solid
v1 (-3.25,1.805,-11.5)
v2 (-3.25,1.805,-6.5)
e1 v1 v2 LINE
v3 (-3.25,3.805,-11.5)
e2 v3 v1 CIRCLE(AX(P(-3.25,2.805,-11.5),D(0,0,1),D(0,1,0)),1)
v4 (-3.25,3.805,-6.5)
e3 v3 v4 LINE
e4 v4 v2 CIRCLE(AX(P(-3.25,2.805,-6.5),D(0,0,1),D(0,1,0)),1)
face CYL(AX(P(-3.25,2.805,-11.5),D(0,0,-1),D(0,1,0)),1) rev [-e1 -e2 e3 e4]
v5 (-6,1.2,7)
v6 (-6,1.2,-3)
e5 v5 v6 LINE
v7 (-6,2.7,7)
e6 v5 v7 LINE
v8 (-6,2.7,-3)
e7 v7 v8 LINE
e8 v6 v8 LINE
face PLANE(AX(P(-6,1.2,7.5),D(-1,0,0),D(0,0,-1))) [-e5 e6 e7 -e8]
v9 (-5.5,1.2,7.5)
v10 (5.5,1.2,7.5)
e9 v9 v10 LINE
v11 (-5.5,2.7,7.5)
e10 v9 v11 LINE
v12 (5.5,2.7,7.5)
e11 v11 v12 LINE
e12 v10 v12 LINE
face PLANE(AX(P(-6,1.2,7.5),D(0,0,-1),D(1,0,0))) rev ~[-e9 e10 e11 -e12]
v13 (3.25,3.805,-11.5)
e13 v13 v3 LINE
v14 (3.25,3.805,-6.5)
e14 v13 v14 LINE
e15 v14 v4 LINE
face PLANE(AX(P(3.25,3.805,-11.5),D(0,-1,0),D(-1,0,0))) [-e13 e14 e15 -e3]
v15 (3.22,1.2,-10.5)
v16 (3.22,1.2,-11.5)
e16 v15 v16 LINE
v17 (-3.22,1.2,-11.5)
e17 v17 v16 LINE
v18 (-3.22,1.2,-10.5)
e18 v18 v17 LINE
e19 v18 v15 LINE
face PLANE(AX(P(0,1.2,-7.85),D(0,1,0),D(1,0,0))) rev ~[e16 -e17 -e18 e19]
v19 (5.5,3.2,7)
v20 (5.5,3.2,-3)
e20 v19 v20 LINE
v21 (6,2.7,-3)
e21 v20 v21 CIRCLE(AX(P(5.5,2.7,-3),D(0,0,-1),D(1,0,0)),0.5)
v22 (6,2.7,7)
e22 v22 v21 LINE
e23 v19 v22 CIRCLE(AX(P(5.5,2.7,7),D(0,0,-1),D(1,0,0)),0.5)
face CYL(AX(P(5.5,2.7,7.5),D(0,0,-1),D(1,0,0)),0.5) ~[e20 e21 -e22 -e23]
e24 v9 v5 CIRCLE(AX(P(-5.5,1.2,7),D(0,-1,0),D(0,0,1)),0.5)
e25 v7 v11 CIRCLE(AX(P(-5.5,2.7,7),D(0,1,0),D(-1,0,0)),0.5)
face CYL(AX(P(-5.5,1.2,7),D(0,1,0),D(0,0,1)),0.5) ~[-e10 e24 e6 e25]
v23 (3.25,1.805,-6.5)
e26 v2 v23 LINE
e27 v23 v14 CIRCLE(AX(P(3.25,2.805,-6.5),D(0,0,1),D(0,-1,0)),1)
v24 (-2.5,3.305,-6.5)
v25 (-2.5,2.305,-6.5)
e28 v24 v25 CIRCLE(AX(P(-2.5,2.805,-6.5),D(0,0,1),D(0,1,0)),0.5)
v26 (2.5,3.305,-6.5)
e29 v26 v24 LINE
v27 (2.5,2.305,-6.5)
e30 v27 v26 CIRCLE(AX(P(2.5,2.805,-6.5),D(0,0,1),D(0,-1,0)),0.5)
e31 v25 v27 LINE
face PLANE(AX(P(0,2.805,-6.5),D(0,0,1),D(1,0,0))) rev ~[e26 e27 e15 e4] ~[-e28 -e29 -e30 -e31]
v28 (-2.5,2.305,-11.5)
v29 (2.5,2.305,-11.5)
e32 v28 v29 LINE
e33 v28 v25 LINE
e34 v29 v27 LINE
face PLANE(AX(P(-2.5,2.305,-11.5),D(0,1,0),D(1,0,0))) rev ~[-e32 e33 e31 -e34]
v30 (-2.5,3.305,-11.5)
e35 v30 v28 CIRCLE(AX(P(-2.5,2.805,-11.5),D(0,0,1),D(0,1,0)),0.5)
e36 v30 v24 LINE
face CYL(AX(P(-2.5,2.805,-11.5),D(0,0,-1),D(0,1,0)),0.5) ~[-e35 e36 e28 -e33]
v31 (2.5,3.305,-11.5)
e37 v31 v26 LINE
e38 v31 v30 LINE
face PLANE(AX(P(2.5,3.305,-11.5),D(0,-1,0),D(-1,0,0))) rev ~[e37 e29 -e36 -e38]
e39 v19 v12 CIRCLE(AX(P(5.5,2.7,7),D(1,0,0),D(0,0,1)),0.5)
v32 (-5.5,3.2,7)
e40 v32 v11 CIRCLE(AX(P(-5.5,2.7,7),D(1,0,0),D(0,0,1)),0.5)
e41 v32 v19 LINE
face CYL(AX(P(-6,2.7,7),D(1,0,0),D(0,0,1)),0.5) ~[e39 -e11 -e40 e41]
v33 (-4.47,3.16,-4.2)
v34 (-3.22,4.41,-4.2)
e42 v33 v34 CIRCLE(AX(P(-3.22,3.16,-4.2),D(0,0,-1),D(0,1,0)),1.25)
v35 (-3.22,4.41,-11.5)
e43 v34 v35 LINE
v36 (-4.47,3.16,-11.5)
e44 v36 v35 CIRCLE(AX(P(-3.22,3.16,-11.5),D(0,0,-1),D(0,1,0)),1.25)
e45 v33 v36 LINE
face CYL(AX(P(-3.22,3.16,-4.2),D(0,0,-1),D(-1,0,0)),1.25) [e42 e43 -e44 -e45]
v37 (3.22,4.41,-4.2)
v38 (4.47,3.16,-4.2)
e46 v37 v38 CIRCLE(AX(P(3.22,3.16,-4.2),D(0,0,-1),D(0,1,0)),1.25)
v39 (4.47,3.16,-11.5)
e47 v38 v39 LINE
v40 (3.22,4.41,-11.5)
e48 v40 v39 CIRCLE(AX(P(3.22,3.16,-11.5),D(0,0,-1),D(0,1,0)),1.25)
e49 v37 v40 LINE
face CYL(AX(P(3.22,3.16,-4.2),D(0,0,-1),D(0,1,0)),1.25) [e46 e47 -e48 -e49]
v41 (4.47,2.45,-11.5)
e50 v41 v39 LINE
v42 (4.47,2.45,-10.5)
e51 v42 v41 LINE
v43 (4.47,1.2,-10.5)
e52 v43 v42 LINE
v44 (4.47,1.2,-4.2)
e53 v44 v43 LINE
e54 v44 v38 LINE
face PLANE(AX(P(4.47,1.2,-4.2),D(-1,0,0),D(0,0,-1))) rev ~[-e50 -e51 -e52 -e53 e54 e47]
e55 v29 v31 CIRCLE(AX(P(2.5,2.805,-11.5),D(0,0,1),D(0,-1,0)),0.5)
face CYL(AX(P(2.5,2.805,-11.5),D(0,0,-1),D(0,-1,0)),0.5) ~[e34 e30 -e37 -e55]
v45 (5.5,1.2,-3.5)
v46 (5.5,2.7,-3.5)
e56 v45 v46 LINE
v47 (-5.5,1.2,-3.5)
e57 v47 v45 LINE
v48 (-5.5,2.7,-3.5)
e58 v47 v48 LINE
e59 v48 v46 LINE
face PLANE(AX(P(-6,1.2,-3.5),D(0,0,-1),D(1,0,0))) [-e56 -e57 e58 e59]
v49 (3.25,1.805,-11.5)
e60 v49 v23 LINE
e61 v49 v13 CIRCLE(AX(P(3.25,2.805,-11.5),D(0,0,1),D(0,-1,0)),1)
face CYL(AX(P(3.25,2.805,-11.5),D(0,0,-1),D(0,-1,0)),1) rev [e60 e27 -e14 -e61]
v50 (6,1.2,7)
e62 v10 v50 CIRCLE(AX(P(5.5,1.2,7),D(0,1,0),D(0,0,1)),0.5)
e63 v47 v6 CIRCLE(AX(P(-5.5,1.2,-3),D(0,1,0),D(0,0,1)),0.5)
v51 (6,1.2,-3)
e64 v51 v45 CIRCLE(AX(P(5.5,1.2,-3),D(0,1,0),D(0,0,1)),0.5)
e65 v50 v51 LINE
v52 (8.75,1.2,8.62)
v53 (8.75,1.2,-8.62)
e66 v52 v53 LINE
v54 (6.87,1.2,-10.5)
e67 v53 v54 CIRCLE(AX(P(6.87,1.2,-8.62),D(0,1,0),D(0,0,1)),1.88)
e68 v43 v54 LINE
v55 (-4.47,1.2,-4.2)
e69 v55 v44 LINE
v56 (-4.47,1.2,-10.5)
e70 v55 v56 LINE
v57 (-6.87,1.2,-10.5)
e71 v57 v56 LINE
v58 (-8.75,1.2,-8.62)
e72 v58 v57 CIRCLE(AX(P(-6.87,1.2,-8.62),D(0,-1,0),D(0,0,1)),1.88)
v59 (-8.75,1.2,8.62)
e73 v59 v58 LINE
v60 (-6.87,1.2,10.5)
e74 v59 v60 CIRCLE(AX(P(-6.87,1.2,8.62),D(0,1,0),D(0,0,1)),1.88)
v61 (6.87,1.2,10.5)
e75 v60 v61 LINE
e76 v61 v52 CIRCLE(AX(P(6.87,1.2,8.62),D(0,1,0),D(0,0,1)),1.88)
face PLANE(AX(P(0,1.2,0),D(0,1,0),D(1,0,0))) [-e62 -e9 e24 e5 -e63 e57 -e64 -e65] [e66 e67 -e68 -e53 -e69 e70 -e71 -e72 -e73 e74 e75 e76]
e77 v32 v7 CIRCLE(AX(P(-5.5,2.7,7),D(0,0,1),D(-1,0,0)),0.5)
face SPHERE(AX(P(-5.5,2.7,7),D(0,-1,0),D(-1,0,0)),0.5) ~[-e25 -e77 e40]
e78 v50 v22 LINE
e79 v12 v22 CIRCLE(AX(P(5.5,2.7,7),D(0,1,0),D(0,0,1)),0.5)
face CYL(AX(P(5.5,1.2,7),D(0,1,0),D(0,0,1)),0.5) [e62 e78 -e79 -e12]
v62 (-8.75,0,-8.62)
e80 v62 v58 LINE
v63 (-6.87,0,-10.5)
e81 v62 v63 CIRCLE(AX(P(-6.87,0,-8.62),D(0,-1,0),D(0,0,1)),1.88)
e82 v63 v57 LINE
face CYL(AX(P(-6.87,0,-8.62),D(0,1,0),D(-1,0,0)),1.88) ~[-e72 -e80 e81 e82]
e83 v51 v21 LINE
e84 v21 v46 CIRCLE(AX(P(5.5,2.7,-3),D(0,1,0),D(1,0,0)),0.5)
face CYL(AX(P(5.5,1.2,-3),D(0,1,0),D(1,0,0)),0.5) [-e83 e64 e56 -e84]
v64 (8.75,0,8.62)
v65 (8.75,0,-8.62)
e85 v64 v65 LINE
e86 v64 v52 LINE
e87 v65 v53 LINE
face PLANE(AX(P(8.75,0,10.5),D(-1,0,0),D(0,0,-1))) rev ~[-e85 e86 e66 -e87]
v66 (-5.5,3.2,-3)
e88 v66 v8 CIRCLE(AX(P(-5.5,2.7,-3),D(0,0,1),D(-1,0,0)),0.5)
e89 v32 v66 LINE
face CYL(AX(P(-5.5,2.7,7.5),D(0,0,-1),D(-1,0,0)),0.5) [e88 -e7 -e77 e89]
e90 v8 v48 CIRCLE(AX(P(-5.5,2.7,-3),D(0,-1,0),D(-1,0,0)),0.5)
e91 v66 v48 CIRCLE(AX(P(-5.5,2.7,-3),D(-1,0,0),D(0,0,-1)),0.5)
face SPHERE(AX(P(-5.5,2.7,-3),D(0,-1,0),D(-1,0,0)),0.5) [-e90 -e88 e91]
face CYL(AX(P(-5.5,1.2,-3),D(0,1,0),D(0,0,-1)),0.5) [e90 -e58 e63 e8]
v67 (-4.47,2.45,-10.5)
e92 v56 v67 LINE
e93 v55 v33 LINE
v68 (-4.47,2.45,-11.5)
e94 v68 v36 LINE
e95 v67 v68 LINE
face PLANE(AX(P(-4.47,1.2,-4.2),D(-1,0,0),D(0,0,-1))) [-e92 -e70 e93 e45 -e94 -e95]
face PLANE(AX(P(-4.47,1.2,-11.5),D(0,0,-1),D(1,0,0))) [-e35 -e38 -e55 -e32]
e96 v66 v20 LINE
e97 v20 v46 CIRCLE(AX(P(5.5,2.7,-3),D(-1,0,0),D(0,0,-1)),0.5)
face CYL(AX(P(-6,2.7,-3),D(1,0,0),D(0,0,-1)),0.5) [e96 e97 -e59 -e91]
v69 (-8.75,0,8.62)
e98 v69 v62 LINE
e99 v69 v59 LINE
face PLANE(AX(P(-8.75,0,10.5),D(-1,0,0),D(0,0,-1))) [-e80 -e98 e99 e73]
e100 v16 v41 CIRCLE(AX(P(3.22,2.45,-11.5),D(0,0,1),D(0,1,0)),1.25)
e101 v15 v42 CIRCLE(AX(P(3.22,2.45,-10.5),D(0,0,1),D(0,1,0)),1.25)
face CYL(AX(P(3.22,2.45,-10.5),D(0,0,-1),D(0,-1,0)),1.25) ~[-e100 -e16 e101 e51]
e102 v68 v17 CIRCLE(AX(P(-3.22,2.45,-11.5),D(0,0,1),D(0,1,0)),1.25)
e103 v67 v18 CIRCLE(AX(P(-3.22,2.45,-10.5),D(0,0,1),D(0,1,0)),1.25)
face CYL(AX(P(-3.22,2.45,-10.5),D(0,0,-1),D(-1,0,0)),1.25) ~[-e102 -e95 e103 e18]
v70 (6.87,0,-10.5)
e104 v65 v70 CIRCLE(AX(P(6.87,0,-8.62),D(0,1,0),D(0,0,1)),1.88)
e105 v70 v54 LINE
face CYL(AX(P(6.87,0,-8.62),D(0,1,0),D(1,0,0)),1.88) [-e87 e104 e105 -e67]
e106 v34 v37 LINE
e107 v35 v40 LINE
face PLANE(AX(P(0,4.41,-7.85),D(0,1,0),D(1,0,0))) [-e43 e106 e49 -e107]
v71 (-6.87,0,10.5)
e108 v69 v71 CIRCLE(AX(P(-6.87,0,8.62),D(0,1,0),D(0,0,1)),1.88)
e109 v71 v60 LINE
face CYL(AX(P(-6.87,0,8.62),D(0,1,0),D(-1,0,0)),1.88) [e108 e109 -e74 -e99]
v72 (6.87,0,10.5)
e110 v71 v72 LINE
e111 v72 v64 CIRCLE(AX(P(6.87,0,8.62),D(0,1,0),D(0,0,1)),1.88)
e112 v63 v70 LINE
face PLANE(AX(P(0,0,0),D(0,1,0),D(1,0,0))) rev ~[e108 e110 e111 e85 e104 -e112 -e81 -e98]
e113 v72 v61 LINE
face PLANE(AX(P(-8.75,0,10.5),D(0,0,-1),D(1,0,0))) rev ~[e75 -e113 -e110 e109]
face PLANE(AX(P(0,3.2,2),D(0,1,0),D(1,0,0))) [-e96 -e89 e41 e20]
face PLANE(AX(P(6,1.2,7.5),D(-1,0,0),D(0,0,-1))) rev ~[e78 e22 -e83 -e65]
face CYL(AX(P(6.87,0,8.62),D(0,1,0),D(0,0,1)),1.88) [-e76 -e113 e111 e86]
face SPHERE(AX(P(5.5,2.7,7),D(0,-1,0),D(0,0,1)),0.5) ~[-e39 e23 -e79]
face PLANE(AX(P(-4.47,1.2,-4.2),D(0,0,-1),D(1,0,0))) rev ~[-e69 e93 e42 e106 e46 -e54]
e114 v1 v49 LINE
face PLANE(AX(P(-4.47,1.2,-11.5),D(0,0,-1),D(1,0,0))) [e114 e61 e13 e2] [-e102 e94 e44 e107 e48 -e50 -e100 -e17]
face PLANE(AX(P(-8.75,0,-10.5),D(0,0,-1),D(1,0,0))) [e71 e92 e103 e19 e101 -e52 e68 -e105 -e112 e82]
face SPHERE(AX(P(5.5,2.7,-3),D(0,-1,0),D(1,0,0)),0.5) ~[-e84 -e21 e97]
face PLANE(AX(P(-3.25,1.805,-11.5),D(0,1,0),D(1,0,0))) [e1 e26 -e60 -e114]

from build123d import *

# Parameters (mm, degrees)
SKETCH1_W           = 17.5
SKETCH1_H           = 21
BOSS_EXTRUDE1_DEPTH = 1.2
FILLET1_R           = 1.88
SKETCH2_W           = 12
SKETCH2_H           = 11
BOSS_EXTRUDE2_DEPTH = 2
FILLET2_R           = 0.5
SKETCH3_W           = 8.94
SKETCH3_H           = 7.3
BOSS_EXTRUDE3_DEPTH = 3.21
FILLET3_R           = 1.25
CUT_EXTRUDE1_DEPTH  = 5


with BuildPart() as part:
    # Sketch1 → Boss-Extrude1 (new body)
    with BuildSketch(Plane(origin=(0, 0, 0), x_dir=(1, 0, 0), z_dir=(0, 1, 0))):
        Rectangle(SKETCH1_W, SKETCH1_H)
    extrude(amount=BOSS_EXTRUDE1_DEPTH)

    # Fillet1
    fillet1_edges = [part.edges().sort_by_distance(p)[0] for p in [
        (-8.75, 0.6, -10.5),
        (8.75, 0.6, -10.5),
        (8.75, 0.6, 10.5),
        (-8.75, 0.6, 10.5),
    ]]
    fillet(fillet1_edges, radius=FILLET1_R)

    # Sketch2 → Boss-Extrude2 (add)
    with BuildSketch(Plane(origin=(0, 1.2, 0), x_dir=(1, 0, 0), z_dir=(0, 1, 0))):
        with Locations((0, -2)):
            Rectangle(SKETCH2_W, SKETCH2_H)
    extrude(amount=BOSS_EXTRUDE2_DEPTH)

    # Fillet2
    fillet2_edges = [part.edges().sort_by_distance(p)[0] for p in [
        (-6, 2.2, -3.5),
        (-6, 2.2, 7.5),
        (6, 2.2, 7.5),
        (6, 2.2, -3.5),
        (-6, 3.2, 2),
        (0, 3.2, 7.5),
        (6, 3.2, 2),
        (0, 3.2, -3.5),
    ]]
    fillet(fillet2_edges, radius=FILLET2_R)

    # Sketch3 → Boss-Extrude3 (add)
    with BuildSketch(Plane(origin=(0, 1.2, 0), x_dir=(1, 0, 0), z_dir=(0, 1, 0))):
        with Locations((0, 7.85)):
            Rectangle(SKETCH3_W, SKETCH3_H)
    extrude(amount=BOSS_EXTRUDE3_DEPTH)

    # Fillet3
    fillet3_edges = [part.edges().sort_by_distance(p)[0] for p in [
        (-4.47, 1.2, -11),
        (4.47, 1.2, -11),
        (-4.47, 4.41, -7.85),
        (4.47, 4.41, -7.85),
    ]]
    fillet(fillet3_edges, radius=FILLET3_R)

    # Sketch4 → Cut-Extrude1 (cut)
    with BuildSketch(Plane(origin=(0, 0, -11.5), x_dir=(-1, 0, 0), z_dir=(0, 0, -1))):
        with BuildLine():
            Line((-3.25, 3.805), (3.25, 3.805))
            ThreePointArc((3.25, 3.805), (4.25, 2.805), (3.25, 1.805))
            Line((3.25, 1.805), (-3.25, 1.805))
            ThreePointArc((-3.25, 1.805), (-4.25, 2.805), (-3.25, 3.805))
        make_face()
        with BuildLine():
            Line((-2.5, 3.305), (2.5, 3.305))
            ThreePointArc((2.5, 3.305), (3, 2.805), (2.5, 2.305))
            Line((2.5, 2.305), (-2.5, 2.305))
            ThreePointArc((-2.5, 2.305), (-3, 2.805), (-2.5, 3.305))
        make_face(mode=Mode.SUBTRACT)
    extrude(amount=-CUT_EXTRUDE1_DEPTH, mode=Mode.SUBTRACT)


solid = part.part
